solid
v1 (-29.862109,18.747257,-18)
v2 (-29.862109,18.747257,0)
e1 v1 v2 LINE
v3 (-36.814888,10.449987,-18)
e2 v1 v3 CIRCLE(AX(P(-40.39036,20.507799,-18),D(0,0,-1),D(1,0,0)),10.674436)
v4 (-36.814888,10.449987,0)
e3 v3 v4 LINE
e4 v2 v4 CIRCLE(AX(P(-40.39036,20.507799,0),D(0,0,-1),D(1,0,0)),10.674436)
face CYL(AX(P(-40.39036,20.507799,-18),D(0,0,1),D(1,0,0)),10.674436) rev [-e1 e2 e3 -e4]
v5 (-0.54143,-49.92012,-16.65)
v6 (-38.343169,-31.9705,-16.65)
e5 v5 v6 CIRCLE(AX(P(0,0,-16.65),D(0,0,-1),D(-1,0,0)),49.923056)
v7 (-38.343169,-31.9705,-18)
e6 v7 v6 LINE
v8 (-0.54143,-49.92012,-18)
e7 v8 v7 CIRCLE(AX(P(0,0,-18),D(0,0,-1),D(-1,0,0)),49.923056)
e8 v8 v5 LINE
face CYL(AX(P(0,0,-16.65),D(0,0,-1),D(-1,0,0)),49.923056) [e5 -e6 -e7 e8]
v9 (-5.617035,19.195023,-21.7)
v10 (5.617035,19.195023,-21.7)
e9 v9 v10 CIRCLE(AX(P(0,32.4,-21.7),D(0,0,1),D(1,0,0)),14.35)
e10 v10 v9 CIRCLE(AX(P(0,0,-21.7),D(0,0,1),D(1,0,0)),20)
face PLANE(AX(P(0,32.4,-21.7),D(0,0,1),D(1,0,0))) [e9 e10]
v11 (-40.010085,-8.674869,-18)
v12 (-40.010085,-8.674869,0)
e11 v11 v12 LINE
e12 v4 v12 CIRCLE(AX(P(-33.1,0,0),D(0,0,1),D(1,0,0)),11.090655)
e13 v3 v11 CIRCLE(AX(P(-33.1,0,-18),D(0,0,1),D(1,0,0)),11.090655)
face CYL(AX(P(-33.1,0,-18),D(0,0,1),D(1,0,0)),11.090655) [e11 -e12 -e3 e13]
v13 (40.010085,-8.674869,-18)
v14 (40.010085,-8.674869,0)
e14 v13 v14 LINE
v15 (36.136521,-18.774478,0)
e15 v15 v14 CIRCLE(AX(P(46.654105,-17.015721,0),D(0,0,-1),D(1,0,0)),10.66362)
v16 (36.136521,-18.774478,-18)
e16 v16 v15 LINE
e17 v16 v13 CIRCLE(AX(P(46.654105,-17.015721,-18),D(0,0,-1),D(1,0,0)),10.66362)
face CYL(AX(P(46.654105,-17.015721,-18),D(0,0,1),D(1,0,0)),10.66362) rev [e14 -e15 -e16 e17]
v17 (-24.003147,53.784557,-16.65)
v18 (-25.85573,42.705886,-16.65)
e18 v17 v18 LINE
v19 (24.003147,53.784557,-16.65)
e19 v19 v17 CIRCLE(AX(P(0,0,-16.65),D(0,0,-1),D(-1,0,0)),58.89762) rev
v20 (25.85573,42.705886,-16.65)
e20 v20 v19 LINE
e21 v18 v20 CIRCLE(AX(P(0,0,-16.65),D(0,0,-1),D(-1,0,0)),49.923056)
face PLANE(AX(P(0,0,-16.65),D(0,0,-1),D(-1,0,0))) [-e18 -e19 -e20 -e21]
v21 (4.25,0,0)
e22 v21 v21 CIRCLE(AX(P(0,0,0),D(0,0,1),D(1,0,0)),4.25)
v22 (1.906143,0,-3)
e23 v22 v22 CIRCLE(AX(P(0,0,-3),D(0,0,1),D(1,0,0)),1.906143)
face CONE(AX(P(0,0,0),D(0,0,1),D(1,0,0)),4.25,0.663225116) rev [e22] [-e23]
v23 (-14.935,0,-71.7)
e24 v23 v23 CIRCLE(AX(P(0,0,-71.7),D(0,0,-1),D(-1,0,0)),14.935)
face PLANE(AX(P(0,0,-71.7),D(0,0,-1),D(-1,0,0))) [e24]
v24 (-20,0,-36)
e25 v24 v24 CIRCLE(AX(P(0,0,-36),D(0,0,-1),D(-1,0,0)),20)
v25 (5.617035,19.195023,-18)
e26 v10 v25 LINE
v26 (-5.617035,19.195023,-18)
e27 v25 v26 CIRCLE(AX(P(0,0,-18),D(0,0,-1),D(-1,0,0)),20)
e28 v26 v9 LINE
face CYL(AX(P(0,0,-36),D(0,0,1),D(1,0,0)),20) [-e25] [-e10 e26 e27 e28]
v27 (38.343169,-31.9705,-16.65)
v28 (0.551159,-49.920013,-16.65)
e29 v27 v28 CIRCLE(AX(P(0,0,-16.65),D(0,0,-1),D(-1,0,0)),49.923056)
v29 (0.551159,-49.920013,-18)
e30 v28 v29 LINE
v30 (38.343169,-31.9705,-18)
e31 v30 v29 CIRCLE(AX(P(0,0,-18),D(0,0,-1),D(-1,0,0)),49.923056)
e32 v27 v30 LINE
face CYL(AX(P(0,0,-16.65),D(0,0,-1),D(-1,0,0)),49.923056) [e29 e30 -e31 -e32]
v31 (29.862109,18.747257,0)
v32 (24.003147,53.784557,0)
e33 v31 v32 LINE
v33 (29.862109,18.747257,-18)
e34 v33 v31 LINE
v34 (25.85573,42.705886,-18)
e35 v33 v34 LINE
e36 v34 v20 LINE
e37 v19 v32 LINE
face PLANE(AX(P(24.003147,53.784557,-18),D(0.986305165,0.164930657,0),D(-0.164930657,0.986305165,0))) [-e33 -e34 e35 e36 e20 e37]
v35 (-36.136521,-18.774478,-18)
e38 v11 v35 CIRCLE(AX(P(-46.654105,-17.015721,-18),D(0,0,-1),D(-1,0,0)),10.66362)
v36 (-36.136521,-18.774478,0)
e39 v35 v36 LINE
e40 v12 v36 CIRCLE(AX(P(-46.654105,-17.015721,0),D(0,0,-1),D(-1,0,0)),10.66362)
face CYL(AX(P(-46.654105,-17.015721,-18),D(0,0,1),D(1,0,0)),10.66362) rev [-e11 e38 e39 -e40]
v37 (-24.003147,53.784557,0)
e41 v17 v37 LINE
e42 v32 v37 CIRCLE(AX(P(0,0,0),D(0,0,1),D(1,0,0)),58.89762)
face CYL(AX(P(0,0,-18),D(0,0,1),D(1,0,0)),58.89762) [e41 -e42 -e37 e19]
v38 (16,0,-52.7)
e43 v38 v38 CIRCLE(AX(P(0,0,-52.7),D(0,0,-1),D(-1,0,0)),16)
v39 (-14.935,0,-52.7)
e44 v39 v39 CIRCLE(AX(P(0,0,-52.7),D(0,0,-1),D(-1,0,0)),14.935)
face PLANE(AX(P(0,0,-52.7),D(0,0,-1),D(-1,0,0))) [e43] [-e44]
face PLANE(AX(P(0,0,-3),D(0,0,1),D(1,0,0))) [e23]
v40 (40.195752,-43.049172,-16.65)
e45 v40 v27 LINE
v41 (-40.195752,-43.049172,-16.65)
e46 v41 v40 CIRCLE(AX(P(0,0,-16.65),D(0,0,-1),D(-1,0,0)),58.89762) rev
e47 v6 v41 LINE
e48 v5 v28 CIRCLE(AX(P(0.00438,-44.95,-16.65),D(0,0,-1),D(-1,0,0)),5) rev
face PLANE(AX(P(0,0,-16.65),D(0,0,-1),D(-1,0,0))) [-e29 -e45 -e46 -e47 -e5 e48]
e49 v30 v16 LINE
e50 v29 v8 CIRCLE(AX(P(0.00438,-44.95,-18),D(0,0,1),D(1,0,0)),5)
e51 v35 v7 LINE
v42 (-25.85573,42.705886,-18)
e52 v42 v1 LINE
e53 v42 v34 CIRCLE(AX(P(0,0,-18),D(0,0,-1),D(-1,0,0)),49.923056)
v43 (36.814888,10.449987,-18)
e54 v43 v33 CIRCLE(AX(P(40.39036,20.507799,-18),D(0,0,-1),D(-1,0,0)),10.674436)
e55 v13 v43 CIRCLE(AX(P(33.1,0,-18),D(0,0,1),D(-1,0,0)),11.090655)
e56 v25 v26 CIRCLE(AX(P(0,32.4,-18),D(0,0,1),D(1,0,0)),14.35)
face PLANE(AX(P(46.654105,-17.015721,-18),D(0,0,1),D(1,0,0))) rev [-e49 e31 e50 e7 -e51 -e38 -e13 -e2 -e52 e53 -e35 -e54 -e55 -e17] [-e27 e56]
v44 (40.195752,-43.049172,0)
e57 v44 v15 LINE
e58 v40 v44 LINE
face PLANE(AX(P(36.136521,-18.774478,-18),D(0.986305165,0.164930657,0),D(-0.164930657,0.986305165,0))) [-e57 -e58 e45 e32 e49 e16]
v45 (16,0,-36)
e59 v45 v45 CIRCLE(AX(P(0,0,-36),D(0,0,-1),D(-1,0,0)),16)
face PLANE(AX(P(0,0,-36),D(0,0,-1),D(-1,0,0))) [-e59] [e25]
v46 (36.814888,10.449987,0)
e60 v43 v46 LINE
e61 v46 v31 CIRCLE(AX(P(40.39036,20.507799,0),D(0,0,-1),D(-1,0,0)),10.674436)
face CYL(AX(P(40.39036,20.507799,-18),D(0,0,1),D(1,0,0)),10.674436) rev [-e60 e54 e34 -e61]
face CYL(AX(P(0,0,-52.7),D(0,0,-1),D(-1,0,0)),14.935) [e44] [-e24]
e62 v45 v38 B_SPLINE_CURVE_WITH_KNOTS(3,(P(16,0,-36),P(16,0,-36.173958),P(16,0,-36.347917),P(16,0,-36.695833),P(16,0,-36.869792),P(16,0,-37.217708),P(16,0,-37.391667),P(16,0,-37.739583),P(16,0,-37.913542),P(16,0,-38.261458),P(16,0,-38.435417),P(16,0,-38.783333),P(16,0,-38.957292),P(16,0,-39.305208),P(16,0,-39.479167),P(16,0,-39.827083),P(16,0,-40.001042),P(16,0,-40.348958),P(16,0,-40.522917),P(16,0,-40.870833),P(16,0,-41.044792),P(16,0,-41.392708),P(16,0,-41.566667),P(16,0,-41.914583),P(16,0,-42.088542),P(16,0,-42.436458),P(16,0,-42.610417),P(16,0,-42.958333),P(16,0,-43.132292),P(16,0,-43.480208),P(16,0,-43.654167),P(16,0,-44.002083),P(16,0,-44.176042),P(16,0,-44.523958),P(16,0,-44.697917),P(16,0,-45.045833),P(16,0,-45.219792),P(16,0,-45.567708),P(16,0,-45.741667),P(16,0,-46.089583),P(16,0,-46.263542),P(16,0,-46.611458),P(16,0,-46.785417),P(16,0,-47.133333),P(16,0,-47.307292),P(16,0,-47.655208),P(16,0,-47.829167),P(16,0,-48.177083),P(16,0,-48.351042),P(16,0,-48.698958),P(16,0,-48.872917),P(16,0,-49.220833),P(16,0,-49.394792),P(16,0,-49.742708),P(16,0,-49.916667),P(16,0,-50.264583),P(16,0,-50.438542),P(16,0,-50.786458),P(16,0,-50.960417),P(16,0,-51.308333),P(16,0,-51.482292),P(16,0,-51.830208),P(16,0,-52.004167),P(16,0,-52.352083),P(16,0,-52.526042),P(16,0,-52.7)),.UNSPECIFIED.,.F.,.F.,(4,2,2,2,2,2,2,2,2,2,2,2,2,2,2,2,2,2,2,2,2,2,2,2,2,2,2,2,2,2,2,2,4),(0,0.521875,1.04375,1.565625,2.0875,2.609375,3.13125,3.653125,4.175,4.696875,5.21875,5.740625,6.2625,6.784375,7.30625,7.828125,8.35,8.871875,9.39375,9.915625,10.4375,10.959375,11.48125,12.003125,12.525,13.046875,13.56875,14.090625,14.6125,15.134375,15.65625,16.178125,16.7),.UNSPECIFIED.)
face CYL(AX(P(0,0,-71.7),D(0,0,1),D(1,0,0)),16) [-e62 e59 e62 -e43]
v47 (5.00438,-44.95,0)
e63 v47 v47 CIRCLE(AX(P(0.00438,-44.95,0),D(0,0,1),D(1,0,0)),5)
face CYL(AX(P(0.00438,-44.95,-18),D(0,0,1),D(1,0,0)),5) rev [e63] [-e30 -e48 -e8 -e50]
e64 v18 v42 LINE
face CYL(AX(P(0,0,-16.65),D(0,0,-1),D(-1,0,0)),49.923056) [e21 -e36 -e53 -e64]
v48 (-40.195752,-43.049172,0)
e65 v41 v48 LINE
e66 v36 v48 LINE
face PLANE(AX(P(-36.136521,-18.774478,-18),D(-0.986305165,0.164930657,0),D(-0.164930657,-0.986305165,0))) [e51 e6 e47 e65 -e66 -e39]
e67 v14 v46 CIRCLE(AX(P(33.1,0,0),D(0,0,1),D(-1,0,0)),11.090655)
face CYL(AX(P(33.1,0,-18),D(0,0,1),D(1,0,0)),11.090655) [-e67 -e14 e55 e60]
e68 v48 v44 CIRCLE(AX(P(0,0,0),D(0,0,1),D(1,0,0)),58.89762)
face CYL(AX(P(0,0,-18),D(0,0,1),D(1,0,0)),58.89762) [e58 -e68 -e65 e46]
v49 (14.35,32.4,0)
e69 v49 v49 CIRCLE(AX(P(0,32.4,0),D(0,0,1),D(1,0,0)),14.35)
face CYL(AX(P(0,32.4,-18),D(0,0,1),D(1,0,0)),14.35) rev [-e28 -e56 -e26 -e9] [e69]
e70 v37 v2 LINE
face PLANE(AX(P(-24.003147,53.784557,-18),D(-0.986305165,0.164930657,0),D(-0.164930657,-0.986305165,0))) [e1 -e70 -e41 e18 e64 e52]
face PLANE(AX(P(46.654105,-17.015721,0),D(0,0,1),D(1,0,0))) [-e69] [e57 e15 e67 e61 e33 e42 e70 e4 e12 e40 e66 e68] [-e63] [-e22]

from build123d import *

# Parameters (mm, degrees)
SKETCH1_R           = 14.35
SKETCH1_R_2         = 5
BOSS_EXTRUDE1_DEPTH = 18
SKETCH2_R           = 20
BOSS_EXTRUDE2_DEPTH = 18
SKETCH3_R           = 16
BOSS_EXTRUDE3_DEPTH = 35.7
SKETCH5_OUTSIDE_W   = 123.14
SKETCH5_OUTSIDE_H   = 152.554
SKETCH5_OUTSIDE_R   = 14.935
CUT_EXTRUDE1_DEPTH  = 19
SKETCH7_R           = 4.25
CUT_EXTRUDE3_DEPTH  = 3
CUT_EXTRUDE3_DRAFT  = -38
SKETCH9_OUTSIDE_W   = 123.14
SKETCH9_OUTSIDE_H   = 152.554
SKETCH9_OUTSIDE_R   = 49.923055682
CUT_EXTRUDE4_DEPTH  = 1.35
SKETCH6_R           = 14.35
CUT_EXTRUDE5_DEPTH  = 21.7


with BuildPart() as part:
    # Sketch1 → Boss-Extrude1 (new body)
    with BuildSketch(Plane.XY):
        with BuildLine():
            Line((36.136520686, -18.774478422), (40.195752281, -43.049171521))
            ThreePointArc((40.195752281, -43.049171521), (0, -58.897620241), (-40.195752281, -43.049171521))
            Line((-40.195752281, -43.049171521), (-36.136520686, -18.774478422))
            ThreePointArc((-36.136520686, -18.774478422), (-36.697665198, -13.197066935), (-40.010085223, -8.674868838))
            ThreePointArc((-40.010085223, -8.674868838), (-44.039037615, 1.827589449), (-36.814887741, 10.449987378))
            ThreePointArc((-36.814887741, 10.449987378), (-32.208677837, 13.651878045), (-29.862109135, 18.747257211))
            Line((-29.862109135, 18.747257211), (-24.003146652, 53.784557457))
            ThreePointArc((-24.003146652, 53.784557457), (0, 58.897620241), (24.003146652, 53.784557457))
            Line((24.003146652, 53.784557457), (29.862109135, 18.747257211))
            ThreePointArc((29.862109135, 18.747257211), (32.208677837, 13.651878045), (36.814887741, 10.449987378))
            ThreePointArc((36.814887741, 10.449987378), (44.039037615, 1.827589449), (40.010085223, -8.674868838))
            ThreePointArc((40.010085223, -8.674868838), (36.697665198, -13.197066935), (36.136520686, -18.774478422))
        make_face()
        with Locations((0, 32.4)):
            Circle(SKETCH1_R, mode=Mode.SUBTRACT)
        with Locations((0.004379967, -44.949999787)):
            Circle(SKETCH1_R_2, mode=Mode.SUBTRACT)
    extrude(amount=-BOSS_EXTRUDE1_DEPTH)

    # Sketch2 → Boss-Extrude2 (add)
    with BuildSketch(Plane(origin=(0, 0, -18), x_dir=(-1, 0, 0), z_dir=(0, 0, -1))):
        with Locations(Location((0, 0, 0), (0, 0, 106.311047481))):
            Circle(SKETCH2_R)
    extrude(amount=BOSS_EXTRUDE2_DEPTH)

    # Sketch3 → Boss-Extrude3 (add)
    with BuildSketch(Plane(origin=(0, 0, -36), x_dir=(-1, 0, 0), z_dir=(0, 0, -1))):
        with Locations(Location((0, 0, 0), (0, 0, 180))):
            Circle(SKETCH3_R)
    extrude(amount=BOSS_EXTRUDE3_DEPTH)

    # Sketch5 outside → Cut-Extrude1 (cut)
    with BuildSketch(Plane(origin=(0, 0, -71.7), x_dir=(-1, 0, 0), z_dir=(0, 0, -1))):
        Rectangle(SKETCH5_OUTSIDE_W, SKETCH5_OUTSIDE_H)
        Circle(SKETCH5_OUTSIDE_R, mode=Mode.SUBTRACT)
    extrude(amount=-CUT_EXTRUDE1_DEPTH, mode=Mode.SUBTRACT)


with BuildPart() as cut_extrude3_tool:
    # Sketch7 → Cut-Extrude3 (with draft: the straight prism first)
    with BuildSketch(Plane.XY):
        Circle(SKETCH7_R)
    extrude(amount=-CUT_EXTRUDE3_DEPTH)
    # Cut-Extrude3: the draft: its side faces are tilted about the plane it starts from
    cut_extrude3_sides = [cut_extrude3_tool.faces().sort_by_distance(p)[0] for p in [
        (-4.25, 0, -1.5),
    ]]
    draft(cut_extrude3_sides, Plane.XY, CUT_EXTRUDE3_DRAFT)


with BuildPart() as part_1:
    add(part.part)

    # Cut-Extrude3: cut by cut_extrude3_tool
    add(cut_extrude3_tool.part, mode=Mode.SUBTRACT)

    # Sketch9 outside → Cut-Extrude4 (cut)
    with BuildSketch(Plane(origin=(0, 0, -18), x_dir=(-1, 0, 0), z_dir=(0, 0, -1))):
        Rectangle(SKETCH9_OUTSIDE_W, SKETCH9_OUTSIDE_H)
        Circle(SKETCH9_OUTSIDE_R, mode=Mode.SUBTRACT)
    extrude(amount=-CUT_EXTRUDE4_DEPTH, mode=Mode.SUBTRACT)

    # Sketch6 → Cut-Extrude5 (cut)
    with BuildSketch(Plane.XY):
        with Locations((0, 32.4)):
            Circle(SKETCH6_R)
    extrude(amount=-CUT_EXTRUDE5_DEPTH, mode=Mode.SUBTRACT)


solid = part_1.part
